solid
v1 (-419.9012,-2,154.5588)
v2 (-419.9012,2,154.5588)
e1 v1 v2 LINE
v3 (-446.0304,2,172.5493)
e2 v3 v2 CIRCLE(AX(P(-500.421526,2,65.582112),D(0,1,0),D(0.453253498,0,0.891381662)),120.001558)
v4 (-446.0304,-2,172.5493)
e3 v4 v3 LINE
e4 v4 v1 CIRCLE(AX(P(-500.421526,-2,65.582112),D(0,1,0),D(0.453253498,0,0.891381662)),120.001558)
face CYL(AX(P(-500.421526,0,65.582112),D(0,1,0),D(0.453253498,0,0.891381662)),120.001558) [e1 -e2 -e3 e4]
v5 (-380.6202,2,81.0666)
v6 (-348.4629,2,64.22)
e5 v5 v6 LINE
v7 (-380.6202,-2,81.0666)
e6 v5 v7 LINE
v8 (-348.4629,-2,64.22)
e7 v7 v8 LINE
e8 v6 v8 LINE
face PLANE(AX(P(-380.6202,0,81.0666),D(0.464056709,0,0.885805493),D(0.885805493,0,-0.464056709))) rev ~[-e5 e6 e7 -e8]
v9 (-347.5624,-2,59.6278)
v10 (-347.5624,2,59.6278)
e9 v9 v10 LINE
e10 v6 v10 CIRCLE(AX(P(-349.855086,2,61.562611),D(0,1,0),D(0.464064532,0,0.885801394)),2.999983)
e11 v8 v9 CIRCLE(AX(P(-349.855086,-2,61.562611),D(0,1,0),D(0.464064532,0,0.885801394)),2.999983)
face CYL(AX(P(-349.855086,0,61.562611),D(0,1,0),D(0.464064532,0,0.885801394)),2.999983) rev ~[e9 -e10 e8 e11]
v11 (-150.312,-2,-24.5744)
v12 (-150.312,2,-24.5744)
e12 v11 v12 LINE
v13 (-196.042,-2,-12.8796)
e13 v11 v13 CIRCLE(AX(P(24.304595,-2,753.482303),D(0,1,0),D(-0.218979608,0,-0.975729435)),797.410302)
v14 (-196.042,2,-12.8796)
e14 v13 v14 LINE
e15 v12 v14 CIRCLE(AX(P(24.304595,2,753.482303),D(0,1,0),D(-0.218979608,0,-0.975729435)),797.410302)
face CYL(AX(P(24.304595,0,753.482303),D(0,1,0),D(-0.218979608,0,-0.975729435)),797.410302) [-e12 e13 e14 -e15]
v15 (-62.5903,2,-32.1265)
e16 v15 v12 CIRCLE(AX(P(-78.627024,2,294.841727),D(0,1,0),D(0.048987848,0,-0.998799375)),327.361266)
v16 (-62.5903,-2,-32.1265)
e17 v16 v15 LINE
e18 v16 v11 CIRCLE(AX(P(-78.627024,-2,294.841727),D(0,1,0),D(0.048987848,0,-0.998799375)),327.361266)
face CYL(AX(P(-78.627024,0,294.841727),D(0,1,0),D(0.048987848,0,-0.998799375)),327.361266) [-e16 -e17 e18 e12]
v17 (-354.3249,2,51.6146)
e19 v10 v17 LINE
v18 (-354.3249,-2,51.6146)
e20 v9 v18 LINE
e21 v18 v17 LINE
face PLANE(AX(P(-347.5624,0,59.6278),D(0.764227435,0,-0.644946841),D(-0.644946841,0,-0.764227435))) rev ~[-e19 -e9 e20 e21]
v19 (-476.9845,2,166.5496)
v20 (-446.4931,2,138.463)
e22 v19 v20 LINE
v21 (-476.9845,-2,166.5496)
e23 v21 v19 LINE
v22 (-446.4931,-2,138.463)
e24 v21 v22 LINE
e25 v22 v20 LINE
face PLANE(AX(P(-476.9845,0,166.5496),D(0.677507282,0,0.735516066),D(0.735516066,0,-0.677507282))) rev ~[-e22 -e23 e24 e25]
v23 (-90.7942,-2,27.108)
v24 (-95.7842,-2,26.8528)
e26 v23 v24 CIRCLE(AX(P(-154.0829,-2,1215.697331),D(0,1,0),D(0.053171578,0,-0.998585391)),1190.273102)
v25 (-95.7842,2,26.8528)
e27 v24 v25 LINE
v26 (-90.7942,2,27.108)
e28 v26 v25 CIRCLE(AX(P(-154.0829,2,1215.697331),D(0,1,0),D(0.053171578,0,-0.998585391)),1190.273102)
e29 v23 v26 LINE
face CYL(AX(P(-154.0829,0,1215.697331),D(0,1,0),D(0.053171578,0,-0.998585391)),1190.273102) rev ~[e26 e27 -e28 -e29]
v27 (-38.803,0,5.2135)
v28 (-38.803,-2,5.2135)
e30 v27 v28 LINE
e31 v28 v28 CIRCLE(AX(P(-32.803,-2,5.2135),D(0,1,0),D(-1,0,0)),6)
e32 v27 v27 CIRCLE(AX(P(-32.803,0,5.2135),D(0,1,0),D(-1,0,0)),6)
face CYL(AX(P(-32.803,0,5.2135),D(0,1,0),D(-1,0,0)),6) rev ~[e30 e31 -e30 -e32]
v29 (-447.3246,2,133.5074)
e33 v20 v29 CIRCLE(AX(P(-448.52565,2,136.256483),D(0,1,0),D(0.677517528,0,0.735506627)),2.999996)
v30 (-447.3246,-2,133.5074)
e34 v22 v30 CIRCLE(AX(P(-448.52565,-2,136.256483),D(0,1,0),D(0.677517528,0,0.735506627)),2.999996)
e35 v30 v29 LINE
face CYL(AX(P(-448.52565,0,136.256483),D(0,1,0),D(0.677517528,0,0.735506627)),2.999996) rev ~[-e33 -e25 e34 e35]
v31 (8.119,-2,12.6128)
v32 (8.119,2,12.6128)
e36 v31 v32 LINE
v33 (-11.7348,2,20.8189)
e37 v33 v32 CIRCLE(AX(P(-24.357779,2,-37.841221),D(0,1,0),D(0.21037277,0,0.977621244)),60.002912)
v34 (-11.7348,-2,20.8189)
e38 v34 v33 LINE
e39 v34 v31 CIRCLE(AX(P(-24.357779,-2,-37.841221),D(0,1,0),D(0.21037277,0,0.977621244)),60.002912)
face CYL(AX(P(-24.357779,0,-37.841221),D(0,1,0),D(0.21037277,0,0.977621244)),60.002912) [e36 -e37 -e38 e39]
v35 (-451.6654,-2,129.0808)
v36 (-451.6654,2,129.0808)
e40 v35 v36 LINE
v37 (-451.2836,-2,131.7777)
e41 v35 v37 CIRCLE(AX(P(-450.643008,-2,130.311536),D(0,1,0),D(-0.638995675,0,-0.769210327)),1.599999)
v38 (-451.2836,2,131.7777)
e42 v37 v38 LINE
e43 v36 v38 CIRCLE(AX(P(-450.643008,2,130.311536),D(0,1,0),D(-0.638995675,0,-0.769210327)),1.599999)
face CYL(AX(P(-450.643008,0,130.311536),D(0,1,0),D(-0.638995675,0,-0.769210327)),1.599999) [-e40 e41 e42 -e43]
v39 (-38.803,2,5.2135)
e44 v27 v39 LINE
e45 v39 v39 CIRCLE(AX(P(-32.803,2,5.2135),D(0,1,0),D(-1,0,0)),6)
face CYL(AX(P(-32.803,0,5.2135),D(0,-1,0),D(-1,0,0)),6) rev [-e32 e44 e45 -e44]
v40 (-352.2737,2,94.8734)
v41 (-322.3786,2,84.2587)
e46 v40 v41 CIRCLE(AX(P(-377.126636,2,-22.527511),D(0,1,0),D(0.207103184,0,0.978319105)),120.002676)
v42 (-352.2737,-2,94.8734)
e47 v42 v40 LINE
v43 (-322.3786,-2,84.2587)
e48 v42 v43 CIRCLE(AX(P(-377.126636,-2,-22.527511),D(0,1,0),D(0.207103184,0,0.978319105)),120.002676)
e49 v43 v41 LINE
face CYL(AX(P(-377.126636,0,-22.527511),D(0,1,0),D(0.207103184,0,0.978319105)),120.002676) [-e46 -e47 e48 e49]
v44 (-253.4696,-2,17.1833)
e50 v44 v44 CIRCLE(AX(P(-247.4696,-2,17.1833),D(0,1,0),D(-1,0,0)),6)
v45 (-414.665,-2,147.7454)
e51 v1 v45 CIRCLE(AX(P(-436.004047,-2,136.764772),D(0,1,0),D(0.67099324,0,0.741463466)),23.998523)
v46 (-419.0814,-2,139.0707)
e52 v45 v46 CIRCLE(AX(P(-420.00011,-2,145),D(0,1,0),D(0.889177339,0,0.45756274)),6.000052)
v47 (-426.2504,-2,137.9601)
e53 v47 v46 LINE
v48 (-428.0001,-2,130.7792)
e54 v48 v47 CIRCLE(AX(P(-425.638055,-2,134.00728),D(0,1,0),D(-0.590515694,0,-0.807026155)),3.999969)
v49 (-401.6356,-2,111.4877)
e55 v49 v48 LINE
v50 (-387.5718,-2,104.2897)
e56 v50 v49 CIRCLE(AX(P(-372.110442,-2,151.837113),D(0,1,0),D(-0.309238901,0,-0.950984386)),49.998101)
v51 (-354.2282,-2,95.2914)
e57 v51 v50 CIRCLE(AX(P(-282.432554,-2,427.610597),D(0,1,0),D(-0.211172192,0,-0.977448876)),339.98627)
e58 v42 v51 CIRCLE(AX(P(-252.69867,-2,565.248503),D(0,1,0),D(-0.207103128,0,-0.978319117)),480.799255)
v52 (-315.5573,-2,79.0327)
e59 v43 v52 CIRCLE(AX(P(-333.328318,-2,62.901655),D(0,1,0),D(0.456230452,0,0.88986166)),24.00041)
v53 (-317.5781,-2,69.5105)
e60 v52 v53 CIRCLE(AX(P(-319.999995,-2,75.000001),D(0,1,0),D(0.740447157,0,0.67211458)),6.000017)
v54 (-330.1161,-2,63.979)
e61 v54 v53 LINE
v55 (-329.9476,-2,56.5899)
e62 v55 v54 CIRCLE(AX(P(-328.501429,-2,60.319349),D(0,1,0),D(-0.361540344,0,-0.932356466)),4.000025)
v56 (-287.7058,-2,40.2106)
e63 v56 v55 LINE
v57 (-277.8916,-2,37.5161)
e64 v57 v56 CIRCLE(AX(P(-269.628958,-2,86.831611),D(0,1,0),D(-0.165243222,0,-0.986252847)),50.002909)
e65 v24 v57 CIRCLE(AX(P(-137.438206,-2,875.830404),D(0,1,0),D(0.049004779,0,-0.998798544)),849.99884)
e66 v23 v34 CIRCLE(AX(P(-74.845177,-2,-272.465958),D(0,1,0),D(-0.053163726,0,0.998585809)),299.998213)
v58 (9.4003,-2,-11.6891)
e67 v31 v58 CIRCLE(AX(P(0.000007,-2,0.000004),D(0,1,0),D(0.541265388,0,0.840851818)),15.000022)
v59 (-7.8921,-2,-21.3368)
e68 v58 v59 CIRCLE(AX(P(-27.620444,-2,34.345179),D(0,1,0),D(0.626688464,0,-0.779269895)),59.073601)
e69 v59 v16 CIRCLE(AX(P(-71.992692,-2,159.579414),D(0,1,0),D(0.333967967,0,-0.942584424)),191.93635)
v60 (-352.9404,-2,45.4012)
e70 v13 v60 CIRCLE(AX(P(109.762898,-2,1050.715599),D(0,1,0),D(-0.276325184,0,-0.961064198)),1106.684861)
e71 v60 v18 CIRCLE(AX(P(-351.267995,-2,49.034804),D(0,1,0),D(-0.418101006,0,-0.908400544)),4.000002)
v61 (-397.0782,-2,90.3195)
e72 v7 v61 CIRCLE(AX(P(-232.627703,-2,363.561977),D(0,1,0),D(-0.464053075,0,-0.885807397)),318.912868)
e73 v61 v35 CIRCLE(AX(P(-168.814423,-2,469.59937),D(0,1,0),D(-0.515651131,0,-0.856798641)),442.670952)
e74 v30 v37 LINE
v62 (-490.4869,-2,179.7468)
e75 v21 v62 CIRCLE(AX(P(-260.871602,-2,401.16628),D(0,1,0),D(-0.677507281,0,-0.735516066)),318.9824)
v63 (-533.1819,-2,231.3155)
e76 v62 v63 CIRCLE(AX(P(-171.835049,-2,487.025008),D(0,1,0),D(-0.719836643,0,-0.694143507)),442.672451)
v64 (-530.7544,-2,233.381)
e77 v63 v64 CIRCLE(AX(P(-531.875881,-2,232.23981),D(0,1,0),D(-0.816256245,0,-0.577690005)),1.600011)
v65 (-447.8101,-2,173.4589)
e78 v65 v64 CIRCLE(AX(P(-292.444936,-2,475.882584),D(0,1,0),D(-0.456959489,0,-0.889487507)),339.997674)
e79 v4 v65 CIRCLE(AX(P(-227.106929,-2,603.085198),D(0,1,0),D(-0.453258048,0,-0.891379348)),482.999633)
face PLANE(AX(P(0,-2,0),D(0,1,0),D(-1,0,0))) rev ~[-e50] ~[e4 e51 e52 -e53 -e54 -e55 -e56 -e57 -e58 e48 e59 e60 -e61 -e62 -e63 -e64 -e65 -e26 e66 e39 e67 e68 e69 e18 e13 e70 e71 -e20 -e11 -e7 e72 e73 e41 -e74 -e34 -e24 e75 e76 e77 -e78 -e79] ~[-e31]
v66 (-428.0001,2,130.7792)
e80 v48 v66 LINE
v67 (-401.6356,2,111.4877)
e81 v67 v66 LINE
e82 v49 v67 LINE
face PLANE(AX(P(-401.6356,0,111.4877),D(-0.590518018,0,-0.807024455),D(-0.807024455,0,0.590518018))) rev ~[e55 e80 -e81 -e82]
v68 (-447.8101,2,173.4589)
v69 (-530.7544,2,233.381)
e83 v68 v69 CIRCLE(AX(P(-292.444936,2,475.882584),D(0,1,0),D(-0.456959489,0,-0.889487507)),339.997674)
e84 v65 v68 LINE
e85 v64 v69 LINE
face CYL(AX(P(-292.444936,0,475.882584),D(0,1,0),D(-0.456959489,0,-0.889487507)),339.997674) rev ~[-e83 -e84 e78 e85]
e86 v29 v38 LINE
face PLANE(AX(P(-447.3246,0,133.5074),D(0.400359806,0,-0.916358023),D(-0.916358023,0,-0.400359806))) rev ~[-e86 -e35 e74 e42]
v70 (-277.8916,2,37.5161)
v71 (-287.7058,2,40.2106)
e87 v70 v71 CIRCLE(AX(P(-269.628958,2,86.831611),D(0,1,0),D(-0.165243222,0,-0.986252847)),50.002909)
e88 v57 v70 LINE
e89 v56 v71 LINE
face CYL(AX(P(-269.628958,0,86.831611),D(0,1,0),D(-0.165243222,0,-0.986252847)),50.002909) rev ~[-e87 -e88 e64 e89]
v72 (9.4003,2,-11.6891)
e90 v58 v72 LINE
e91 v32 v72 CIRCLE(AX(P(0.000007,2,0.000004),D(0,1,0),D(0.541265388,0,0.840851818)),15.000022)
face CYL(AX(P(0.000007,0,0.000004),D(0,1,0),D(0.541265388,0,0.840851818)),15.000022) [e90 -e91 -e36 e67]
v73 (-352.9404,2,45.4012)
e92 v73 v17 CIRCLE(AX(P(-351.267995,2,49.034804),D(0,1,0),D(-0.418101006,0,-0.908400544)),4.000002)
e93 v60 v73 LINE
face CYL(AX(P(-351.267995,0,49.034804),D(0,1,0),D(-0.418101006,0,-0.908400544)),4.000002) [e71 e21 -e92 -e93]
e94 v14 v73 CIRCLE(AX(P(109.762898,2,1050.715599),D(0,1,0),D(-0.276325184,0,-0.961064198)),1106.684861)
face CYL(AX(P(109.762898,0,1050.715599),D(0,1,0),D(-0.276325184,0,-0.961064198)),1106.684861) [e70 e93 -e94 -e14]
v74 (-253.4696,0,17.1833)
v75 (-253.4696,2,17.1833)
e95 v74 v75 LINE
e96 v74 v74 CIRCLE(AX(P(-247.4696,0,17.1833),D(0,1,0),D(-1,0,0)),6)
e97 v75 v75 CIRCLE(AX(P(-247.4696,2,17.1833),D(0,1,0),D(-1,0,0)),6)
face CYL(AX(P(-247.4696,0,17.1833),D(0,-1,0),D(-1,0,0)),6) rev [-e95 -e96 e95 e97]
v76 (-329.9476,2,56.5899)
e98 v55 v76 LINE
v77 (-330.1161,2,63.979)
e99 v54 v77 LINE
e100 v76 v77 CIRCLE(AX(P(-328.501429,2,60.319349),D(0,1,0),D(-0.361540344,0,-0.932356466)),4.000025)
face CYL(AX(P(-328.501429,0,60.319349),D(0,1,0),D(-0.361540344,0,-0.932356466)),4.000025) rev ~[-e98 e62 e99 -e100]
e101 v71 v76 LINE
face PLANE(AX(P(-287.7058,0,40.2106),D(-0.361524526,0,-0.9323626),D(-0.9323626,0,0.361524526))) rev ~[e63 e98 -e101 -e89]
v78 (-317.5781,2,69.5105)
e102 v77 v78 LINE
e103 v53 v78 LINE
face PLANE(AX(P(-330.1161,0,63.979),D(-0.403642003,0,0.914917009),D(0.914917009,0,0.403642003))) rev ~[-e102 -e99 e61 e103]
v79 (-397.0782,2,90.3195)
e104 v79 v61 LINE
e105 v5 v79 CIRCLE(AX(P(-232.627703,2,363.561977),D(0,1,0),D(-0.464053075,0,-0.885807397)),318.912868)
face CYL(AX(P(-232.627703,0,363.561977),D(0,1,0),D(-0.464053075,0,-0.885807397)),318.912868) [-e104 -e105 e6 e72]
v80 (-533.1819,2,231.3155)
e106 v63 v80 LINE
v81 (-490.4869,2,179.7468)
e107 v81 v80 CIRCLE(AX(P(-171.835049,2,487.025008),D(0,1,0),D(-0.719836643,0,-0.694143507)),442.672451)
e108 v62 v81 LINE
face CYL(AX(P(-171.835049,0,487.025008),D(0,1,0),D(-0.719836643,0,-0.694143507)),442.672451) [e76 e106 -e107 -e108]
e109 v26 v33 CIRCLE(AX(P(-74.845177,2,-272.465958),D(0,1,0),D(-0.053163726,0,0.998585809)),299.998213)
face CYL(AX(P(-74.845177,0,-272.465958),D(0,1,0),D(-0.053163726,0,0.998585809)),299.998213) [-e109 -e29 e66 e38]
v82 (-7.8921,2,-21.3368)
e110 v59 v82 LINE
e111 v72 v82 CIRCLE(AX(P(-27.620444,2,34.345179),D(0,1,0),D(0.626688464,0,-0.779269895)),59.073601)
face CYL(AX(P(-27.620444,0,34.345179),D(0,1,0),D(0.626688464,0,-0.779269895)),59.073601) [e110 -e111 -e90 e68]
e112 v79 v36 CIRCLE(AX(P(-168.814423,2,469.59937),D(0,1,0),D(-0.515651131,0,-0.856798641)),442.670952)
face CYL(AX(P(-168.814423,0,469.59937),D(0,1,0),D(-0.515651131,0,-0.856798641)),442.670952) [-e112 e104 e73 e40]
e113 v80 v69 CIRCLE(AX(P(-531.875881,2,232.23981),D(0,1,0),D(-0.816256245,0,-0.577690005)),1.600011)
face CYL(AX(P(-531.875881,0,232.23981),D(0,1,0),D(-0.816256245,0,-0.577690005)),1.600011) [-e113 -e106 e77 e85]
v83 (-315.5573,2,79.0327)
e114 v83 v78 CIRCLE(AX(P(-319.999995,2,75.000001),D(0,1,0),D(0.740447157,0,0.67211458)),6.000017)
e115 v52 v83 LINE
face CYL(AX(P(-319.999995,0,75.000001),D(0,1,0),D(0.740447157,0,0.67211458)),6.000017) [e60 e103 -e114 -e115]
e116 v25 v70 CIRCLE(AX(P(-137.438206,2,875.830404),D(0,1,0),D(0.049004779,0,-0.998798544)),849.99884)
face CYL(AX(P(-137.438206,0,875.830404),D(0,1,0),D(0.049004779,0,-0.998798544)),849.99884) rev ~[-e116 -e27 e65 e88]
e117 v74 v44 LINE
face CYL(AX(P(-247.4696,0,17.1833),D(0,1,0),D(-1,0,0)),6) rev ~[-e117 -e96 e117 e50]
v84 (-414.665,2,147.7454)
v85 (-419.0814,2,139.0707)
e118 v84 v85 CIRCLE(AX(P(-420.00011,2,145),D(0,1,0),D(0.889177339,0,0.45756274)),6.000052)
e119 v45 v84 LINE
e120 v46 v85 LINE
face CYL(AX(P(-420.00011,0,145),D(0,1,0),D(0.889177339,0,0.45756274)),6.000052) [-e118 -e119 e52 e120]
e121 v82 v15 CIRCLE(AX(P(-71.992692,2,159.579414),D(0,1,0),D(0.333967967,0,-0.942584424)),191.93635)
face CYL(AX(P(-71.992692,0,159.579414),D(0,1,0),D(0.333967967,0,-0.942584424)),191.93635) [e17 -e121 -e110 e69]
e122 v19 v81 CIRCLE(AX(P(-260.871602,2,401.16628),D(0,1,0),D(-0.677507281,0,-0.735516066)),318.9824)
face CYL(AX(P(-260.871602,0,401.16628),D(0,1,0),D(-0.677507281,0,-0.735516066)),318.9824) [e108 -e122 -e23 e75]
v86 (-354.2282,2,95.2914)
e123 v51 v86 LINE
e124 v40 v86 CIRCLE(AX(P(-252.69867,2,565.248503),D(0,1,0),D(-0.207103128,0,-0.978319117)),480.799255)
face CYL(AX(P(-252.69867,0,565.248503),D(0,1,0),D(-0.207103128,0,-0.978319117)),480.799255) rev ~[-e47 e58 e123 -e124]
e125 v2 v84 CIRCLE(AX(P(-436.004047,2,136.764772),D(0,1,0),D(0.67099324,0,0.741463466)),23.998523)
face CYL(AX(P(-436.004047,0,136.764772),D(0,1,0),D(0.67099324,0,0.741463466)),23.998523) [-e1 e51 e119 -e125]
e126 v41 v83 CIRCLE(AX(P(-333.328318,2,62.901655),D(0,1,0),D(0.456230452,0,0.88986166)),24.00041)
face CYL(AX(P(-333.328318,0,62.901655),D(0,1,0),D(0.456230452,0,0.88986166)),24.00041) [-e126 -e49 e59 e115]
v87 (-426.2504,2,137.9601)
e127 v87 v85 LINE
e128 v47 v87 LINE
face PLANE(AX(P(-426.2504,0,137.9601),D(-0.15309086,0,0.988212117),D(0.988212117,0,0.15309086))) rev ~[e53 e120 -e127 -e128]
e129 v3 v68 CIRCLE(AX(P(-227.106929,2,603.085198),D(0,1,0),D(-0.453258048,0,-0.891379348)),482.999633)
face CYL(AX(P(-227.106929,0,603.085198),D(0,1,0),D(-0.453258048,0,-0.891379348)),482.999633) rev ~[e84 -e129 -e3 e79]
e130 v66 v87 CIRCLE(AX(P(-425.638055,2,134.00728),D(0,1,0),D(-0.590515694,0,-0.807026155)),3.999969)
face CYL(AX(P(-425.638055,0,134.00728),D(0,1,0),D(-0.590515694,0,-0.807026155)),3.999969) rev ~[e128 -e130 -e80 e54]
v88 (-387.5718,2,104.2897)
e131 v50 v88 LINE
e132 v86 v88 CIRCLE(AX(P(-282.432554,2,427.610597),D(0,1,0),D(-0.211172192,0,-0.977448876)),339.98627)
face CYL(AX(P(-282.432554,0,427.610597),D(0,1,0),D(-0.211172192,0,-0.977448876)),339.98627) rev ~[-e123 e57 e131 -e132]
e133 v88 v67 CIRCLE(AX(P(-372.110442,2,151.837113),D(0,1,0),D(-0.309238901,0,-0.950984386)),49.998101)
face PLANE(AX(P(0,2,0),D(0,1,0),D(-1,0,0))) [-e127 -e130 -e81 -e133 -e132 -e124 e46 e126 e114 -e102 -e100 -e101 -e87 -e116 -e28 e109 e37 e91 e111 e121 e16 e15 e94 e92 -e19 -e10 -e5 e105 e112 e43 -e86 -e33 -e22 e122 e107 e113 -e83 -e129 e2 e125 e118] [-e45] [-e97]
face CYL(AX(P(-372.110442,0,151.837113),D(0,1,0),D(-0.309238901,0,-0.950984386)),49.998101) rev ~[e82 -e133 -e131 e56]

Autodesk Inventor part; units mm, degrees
ref_plane "YZ Plane" through (0, 0, 0) normal (1, 0, 0) x (0, 1, 0)
ref_plane "XZ Plane" through (0, 0, 0) normal (0, 1, 0) x (-1, 0, 0)
ref_plane "XY Plane" through (0, 0, 0) normal (0, 0, 1) x (1, 0, 0)
sketch "スケッチ1" plane through (0, 0, 0) normal (0, 1, 0) x (-1, 0, 0)
  circle A0 centre (32.803, 5.2135) radius 6 projected
  circle A1 centre (426.1472, 150.6128) radius 3 projected
  circle A2 centre (327.3904, 78.8305) radius 3 projected
  circle A3 centre (411.0696, 106.0665) radius 3 projected
  circle A4 centre (499.9259, 198.5785) radius 3 projected
  circle A5 centre (247.4696, 17.1833) radius 6 projected
  arc A6 (451.6654, 129.0808) -> (451.2836, 131.7777) centre (450.6431, 130.3115) ccw projected
  arc A7 (397.0782, 90.3195) -> (451.6654, 129.0808) centre (168.8146, 469.5991) ccw projected
  arc A8 (380.6202, 81.0666) -> (397.0782, 90.3195) centre (232.593, 363.6259) ccw projected
  line L0 (380.6202, 81.0666) -> (348.4629, 64.22) projected
  arc A9 (348.4629, 64.22) -> (347.5624, 59.6278) centre (349.8551, 61.5626) ccw projected
  line L1 (347.5624, 59.6278) -> (354.3249, 51.6146) projected
  arc A10 (352.9404, 45.4012) -> (354.3249, 51.6146) centre (351.268, 49.0348) ccw projected
  arc A11 (196.042, -12.8796) -> (352.9404, 45.4012) centre (-109.7603, 1050.7077) ccw projected
  arc A12 (150.312, -24.5744) -> (196.042, -12.8796) centre (-24.3171, 753.5344) ccw projected
  arc A13 (62.5903, -32.1265) -> (150.312, -24.5744) centre (78.6271, 294.8376) ccw projected
  arc A14 (7.8921, -21.3368) -> (62.5903, -32.1265) centre (71.9931, 159.5809) ccw projected
  arc A15 (-9.4003, -11.6891) -> (7.8921, -21.3368) centre (27.6212, 34.3463) ccw projected
  arc A16 (-8.119, 12.6128) -> (-9.4003, -11.6891) centre (0, 0) ccw projected
  arc A17 (11.7348, 20.8189) -> (-8.119, 12.6128) centre (24.3569, -37.8384) ccw projected
  arc A18 (90.7942, 27.108) -> (11.7348, 20.8189) centre (74.8452, -272.4677) ccw projected
  arc A19 (90.7942, 27.108) -> (95.7842, 26.8528) centre (154.5899, 1225.411) ccw projected
  arc A20 (95.7842, 26.8528) -> (277.8916, 37.5161) centre (137.4382, 875.8316) ccw projected
  arc A21 (277.8916, 37.5161) -> (287.7058, 40.2106) centre (269.6296, 86.8287) ccw projected
  line L2 (287.7058, 40.2106) -> (329.9476, 56.5899) projected
  arc A22 (329.9476, 56.5899) -> (330.1161, 63.979) centre (328.5015, 60.3193) ccw projected
  line L3 (330.1161, 63.979) -> (317.5781, 69.5105) projected
  arc A23 (315.5573, 79.0327) -> (317.5781, 69.5105) centre (320, 75) ccw projected
  arc A24 (322.3786, 84.2587) -> (315.5573, 79.0327) centre (333.3281, 62.902) ccw projected
  arc A25 (352.2737, 94.8734) -> (322.3786, 84.2587) centre (377.1259, -22.5249) ccw projected
  arc A26 (352.2737, 94.8734) -> (354.2282, 95.2914) centre (252.865, 564.4668) ccw projected
  arc A27 (354.2282, 95.2914) -> (387.5718, 104.2897) centre (282.4293, 427.624) ccw projected
  arc A28 (387.5718, 104.2897) -> (401.6356, 111.4877) centre (372.1097, 151.8389) ccw projected
  line L4 (401.6356, 111.4877) -> (428.0001, 130.7792) projected
  arc A29 (428.0001, 130.7792) -> (426.2504, 137.9601) centre (425.638, 134.0073) ccw projected
  line L5 (426.2504, 137.9601) -> (419.0814, 139.0707) projected
  arc A30 (414.665, 147.7454) -> (419.0814, 139.0707) centre (420, 145) ccw projected
  arc A31 (419.9012, 154.5588) -> (414.665, 147.7454) centre (436.0051, 136.7638) ccw projected
  arc A32 (446.0304, 172.5493) -> (419.9012, 154.5588) centre (500.4207, 65.5835) ccw projected
  arc A33 (446.0304, 172.5493) -> (447.8101, 173.4589) centre (228.4693, 600.4128) ccw projected
  arc A34 (447.8101, 173.4589) -> (530.7544, 233.381) centre (292.4437, 475.8846) ccw projected
  arc A35 (533.1819, 231.3155) -> (530.7544, 233.381) centre (531.8758, 232.2398) ccw projected
  arc A36 (490.4869, 179.7468) -> (533.1819, 231.3155) centre (171.8364, 487.0238) ccw projected
  arc A37 (476.9845, 166.5496) -> (490.4869, 179.7468) centre (260.8694, 401.1686) ccw projected
  line L6 (476.9845, 166.5496) -> (446.4931, 138.463) projected
  arc A38 (446.4931, 138.463) -> (447.3246, 133.5074) centre (448.5256, 136.2565) ccw projected
  line L7 (447.3246, 133.5074) -> (451.2836, 131.7777) projected
  point P0 (0, 0)
extrude "押し出し1" add sketch "スケッチ1" along normal mid plane 4 contours A1 | A2 | A3 | A4 | A7 A8 L0 A9 L1 A10 A11 A12 A13 A14 A15 A16 A17 A18 A19 A20 A21 L2 A22 L3 A23 A24 A25 A26 A27 A28 L4 A29 L5 A30 A31 A32 A33 A34 A35 A36 A37 L6 A38 L7 A6
properties part number "splitter"
